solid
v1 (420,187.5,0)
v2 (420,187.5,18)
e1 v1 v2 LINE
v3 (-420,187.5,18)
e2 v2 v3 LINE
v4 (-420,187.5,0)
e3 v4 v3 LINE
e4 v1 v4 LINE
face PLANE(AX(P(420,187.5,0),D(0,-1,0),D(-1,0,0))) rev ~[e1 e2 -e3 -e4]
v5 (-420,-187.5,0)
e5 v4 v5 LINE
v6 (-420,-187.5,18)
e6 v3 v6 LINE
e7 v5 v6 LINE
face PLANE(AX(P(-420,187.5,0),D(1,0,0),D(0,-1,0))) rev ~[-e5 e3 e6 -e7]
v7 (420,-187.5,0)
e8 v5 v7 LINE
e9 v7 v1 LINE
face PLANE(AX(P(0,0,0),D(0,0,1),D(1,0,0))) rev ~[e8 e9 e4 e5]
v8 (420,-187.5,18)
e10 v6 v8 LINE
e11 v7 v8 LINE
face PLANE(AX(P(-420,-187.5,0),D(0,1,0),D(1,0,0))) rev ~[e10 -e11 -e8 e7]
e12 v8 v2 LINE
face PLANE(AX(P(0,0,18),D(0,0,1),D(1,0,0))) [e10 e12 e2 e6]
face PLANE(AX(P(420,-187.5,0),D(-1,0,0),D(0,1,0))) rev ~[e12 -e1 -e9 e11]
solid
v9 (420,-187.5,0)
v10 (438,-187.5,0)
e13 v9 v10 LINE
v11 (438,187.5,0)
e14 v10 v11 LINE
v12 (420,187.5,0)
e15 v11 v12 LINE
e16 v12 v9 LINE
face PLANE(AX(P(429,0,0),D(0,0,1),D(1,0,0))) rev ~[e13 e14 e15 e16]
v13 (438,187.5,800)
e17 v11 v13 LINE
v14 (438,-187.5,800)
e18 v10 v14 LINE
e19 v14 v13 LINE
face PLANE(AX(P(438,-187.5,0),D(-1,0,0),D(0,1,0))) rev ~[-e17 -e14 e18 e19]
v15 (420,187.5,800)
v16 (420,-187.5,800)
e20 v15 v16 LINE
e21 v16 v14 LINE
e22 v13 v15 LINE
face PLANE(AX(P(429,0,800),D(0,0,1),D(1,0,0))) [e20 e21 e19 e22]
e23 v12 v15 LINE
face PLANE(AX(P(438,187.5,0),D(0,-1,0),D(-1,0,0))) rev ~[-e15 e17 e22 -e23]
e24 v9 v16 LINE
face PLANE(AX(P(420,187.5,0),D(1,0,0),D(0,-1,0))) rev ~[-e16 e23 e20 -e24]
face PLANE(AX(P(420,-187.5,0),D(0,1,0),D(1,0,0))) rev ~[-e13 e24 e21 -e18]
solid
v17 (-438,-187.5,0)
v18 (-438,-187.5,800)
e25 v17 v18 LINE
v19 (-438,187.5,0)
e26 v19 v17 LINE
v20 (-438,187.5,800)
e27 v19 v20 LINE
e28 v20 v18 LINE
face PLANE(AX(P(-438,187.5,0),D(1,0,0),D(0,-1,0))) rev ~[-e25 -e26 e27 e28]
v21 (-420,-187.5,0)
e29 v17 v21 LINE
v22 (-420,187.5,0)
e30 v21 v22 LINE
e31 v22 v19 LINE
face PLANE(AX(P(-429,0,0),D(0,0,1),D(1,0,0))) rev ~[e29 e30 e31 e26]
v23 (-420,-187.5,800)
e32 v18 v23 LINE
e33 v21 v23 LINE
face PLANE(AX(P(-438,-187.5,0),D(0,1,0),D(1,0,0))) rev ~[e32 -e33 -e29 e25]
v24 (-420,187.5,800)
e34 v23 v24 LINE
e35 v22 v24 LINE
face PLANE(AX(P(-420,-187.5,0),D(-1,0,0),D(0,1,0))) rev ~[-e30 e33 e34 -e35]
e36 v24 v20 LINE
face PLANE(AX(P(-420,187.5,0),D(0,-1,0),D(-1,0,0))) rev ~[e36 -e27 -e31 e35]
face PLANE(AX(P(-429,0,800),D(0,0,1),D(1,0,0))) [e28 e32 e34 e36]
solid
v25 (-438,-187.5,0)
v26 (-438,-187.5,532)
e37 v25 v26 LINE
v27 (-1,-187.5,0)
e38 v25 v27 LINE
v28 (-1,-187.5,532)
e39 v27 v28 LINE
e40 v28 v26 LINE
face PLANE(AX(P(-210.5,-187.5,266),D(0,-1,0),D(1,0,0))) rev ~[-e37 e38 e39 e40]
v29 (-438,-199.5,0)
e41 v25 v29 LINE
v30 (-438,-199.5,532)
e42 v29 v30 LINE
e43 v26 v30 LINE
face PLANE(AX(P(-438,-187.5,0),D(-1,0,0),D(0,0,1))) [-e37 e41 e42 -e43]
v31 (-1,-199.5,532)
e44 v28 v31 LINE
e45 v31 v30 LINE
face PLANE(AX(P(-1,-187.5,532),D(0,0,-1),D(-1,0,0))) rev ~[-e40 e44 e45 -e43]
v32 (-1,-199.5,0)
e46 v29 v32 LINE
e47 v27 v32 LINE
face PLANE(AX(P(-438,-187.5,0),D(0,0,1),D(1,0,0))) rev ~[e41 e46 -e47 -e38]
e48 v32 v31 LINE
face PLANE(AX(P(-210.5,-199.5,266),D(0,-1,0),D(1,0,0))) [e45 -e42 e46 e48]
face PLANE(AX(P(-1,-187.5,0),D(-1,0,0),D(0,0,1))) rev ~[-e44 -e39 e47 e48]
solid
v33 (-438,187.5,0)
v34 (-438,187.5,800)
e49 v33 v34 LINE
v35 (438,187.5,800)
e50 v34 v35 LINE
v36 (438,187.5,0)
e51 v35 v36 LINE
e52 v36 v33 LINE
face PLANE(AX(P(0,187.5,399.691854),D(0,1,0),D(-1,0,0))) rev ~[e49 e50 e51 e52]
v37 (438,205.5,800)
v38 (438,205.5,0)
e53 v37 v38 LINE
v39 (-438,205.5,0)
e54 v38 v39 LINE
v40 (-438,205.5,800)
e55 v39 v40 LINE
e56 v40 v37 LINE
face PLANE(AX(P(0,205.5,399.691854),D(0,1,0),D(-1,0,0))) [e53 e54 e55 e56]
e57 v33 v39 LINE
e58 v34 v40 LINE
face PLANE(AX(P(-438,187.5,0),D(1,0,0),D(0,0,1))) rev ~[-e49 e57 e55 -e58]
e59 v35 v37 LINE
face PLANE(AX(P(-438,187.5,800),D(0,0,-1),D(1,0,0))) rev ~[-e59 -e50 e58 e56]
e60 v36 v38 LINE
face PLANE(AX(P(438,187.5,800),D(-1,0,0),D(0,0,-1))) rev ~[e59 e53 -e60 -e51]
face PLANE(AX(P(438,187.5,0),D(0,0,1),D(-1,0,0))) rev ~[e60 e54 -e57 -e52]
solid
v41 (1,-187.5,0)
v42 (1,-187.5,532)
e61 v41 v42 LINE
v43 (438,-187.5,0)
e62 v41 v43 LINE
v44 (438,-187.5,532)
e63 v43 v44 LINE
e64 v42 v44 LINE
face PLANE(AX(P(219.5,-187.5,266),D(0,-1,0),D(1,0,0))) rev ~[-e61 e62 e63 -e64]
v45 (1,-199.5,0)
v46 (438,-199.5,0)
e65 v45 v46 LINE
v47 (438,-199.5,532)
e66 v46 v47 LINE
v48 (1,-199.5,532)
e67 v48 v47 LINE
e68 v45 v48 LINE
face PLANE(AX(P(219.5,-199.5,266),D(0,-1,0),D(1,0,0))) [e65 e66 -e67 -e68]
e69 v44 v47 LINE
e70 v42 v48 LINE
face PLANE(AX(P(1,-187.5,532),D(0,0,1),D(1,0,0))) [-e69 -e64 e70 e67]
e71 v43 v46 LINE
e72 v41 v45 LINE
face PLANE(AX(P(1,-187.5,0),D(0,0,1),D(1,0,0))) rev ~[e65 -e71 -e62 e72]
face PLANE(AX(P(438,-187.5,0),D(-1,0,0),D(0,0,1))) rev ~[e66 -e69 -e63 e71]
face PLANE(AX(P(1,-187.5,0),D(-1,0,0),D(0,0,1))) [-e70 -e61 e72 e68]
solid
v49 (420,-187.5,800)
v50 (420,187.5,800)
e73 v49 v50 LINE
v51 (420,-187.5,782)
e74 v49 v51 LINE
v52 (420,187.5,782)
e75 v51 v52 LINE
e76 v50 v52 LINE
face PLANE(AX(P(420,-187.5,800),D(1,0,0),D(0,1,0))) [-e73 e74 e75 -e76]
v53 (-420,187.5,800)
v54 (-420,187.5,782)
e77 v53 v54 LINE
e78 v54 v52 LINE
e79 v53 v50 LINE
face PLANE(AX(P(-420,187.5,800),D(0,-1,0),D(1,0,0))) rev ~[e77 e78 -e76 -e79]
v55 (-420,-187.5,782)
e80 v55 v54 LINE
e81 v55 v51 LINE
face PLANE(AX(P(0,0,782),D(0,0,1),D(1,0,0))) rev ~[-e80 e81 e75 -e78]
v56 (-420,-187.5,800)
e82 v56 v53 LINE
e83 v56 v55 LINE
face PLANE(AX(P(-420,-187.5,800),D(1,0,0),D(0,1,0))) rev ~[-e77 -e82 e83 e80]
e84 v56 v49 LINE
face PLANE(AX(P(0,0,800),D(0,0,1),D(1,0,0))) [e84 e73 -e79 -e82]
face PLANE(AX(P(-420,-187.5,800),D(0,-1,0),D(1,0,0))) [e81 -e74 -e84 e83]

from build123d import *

# Parameters (mm, degrees)
F1_DEPTH  = 800
F2_W      = 840
F2_H      = 375
F3_DEPTH  = 18
F5_DEPTH  = 18
F6_W      = 840
F6_H      = 18
F7_DEPTH  = 18
F8_W      = 419
F8_H      = 532
F8_W_2    = 18
F9_DEPTH  = 12
F8_W_3    = 437
F10_W     = 375
F10_H     = 800
F11_DEPTH = 12


with BuildPart() as f1:
    # F0 (on Top) → F1 (new body)
    with BuildSketch(Plane.XY):
        Polygon((-438, -187.5), (-420, -187.5), (-420, -169.5), (-420, 169.5), (-420, 187.5), (-438, 187.5), align=None)
    extrude(amount=F1_DEPTH)


with BuildPart() as f1b:
    # F0 (on Top) → F1, piece 2 (new body)
    with BuildSketch(Plane.XY):
        Polygon((420, -187.5), (438, -187.5), (438, 187.5), (420, 187.5), (420, 169.5), (420, -169.5), align=None)
    extrude(amount=F1_DEPTH)


with BuildPart() as f3:
    # F2 (on face) → F3 (new body)
    with BuildSketch(Plane.XY.offset(800)):
        Rectangle(F2_W, F2_H)
    extrude(amount=-F3_DEPTH)


with BuildPart() as f5:
    # F4 (on face) → F5 (new body)
    with BuildSketch(Plane.XY):
        Polygon((-420, -169.5), (-420, -187.5), (420, -187.5), (420, 187.5), (-420, 187.5), (-420, 169.5), align=None)
    extrude(amount=F5_DEPTH)


with BuildPart() as f7:
    # F6 (on face) → F7 (new body)
    with BuildSketch(Plane(origin=(0, 187.5, 0), x_dir=(-1, 0, 0), z_dir=(0, 1, 0))):
        Polygon((-420, 800), (-438, 800), (-438, 0), (438, 0), (438, 800), (420, 800), (420, 782), (-420, 782), align=None)
        with Locations((0, 791)):
            Rectangle(F6_W, F6_H)
    extrude(amount=F7_DEPTH)


with BuildPart() as f9:
    # F8 (on face) → F9 (new body)
    with BuildSketch(Plane.XZ.offset(187.5)):
        with Locations((-210.5, 266)):
            Rectangle(F8_W, F8_H)
        with Locations((-429, 266)):
            Rectangle(F8_W_2, F8_H)
    extrude(amount=F9_DEPTH)


with BuildPart() as f9b:
    # F8 (on face) → F9, piece 2 (new body)
    with BuildSketch(Plane.XZ.offset(187.5)):
        with Locations((219.5, 266)):
            Rectangle(F8_W_3, F8_H)
    extrude(amount=F9_DEPTH)


with BuildPart() as f11:
    # F10 (on face) → F11 (new body)
    with BuildSketch(Plane.YZ.offset(438)):
        with Locations((0, 400)):
            Rectangle(F10_W, F10_H)
    extrude(amount=F11_DEPTH)


solid = Compound([f1.part, f1b.part, f3.part, f5.part, f7.part, f9.part, f9b.part])
